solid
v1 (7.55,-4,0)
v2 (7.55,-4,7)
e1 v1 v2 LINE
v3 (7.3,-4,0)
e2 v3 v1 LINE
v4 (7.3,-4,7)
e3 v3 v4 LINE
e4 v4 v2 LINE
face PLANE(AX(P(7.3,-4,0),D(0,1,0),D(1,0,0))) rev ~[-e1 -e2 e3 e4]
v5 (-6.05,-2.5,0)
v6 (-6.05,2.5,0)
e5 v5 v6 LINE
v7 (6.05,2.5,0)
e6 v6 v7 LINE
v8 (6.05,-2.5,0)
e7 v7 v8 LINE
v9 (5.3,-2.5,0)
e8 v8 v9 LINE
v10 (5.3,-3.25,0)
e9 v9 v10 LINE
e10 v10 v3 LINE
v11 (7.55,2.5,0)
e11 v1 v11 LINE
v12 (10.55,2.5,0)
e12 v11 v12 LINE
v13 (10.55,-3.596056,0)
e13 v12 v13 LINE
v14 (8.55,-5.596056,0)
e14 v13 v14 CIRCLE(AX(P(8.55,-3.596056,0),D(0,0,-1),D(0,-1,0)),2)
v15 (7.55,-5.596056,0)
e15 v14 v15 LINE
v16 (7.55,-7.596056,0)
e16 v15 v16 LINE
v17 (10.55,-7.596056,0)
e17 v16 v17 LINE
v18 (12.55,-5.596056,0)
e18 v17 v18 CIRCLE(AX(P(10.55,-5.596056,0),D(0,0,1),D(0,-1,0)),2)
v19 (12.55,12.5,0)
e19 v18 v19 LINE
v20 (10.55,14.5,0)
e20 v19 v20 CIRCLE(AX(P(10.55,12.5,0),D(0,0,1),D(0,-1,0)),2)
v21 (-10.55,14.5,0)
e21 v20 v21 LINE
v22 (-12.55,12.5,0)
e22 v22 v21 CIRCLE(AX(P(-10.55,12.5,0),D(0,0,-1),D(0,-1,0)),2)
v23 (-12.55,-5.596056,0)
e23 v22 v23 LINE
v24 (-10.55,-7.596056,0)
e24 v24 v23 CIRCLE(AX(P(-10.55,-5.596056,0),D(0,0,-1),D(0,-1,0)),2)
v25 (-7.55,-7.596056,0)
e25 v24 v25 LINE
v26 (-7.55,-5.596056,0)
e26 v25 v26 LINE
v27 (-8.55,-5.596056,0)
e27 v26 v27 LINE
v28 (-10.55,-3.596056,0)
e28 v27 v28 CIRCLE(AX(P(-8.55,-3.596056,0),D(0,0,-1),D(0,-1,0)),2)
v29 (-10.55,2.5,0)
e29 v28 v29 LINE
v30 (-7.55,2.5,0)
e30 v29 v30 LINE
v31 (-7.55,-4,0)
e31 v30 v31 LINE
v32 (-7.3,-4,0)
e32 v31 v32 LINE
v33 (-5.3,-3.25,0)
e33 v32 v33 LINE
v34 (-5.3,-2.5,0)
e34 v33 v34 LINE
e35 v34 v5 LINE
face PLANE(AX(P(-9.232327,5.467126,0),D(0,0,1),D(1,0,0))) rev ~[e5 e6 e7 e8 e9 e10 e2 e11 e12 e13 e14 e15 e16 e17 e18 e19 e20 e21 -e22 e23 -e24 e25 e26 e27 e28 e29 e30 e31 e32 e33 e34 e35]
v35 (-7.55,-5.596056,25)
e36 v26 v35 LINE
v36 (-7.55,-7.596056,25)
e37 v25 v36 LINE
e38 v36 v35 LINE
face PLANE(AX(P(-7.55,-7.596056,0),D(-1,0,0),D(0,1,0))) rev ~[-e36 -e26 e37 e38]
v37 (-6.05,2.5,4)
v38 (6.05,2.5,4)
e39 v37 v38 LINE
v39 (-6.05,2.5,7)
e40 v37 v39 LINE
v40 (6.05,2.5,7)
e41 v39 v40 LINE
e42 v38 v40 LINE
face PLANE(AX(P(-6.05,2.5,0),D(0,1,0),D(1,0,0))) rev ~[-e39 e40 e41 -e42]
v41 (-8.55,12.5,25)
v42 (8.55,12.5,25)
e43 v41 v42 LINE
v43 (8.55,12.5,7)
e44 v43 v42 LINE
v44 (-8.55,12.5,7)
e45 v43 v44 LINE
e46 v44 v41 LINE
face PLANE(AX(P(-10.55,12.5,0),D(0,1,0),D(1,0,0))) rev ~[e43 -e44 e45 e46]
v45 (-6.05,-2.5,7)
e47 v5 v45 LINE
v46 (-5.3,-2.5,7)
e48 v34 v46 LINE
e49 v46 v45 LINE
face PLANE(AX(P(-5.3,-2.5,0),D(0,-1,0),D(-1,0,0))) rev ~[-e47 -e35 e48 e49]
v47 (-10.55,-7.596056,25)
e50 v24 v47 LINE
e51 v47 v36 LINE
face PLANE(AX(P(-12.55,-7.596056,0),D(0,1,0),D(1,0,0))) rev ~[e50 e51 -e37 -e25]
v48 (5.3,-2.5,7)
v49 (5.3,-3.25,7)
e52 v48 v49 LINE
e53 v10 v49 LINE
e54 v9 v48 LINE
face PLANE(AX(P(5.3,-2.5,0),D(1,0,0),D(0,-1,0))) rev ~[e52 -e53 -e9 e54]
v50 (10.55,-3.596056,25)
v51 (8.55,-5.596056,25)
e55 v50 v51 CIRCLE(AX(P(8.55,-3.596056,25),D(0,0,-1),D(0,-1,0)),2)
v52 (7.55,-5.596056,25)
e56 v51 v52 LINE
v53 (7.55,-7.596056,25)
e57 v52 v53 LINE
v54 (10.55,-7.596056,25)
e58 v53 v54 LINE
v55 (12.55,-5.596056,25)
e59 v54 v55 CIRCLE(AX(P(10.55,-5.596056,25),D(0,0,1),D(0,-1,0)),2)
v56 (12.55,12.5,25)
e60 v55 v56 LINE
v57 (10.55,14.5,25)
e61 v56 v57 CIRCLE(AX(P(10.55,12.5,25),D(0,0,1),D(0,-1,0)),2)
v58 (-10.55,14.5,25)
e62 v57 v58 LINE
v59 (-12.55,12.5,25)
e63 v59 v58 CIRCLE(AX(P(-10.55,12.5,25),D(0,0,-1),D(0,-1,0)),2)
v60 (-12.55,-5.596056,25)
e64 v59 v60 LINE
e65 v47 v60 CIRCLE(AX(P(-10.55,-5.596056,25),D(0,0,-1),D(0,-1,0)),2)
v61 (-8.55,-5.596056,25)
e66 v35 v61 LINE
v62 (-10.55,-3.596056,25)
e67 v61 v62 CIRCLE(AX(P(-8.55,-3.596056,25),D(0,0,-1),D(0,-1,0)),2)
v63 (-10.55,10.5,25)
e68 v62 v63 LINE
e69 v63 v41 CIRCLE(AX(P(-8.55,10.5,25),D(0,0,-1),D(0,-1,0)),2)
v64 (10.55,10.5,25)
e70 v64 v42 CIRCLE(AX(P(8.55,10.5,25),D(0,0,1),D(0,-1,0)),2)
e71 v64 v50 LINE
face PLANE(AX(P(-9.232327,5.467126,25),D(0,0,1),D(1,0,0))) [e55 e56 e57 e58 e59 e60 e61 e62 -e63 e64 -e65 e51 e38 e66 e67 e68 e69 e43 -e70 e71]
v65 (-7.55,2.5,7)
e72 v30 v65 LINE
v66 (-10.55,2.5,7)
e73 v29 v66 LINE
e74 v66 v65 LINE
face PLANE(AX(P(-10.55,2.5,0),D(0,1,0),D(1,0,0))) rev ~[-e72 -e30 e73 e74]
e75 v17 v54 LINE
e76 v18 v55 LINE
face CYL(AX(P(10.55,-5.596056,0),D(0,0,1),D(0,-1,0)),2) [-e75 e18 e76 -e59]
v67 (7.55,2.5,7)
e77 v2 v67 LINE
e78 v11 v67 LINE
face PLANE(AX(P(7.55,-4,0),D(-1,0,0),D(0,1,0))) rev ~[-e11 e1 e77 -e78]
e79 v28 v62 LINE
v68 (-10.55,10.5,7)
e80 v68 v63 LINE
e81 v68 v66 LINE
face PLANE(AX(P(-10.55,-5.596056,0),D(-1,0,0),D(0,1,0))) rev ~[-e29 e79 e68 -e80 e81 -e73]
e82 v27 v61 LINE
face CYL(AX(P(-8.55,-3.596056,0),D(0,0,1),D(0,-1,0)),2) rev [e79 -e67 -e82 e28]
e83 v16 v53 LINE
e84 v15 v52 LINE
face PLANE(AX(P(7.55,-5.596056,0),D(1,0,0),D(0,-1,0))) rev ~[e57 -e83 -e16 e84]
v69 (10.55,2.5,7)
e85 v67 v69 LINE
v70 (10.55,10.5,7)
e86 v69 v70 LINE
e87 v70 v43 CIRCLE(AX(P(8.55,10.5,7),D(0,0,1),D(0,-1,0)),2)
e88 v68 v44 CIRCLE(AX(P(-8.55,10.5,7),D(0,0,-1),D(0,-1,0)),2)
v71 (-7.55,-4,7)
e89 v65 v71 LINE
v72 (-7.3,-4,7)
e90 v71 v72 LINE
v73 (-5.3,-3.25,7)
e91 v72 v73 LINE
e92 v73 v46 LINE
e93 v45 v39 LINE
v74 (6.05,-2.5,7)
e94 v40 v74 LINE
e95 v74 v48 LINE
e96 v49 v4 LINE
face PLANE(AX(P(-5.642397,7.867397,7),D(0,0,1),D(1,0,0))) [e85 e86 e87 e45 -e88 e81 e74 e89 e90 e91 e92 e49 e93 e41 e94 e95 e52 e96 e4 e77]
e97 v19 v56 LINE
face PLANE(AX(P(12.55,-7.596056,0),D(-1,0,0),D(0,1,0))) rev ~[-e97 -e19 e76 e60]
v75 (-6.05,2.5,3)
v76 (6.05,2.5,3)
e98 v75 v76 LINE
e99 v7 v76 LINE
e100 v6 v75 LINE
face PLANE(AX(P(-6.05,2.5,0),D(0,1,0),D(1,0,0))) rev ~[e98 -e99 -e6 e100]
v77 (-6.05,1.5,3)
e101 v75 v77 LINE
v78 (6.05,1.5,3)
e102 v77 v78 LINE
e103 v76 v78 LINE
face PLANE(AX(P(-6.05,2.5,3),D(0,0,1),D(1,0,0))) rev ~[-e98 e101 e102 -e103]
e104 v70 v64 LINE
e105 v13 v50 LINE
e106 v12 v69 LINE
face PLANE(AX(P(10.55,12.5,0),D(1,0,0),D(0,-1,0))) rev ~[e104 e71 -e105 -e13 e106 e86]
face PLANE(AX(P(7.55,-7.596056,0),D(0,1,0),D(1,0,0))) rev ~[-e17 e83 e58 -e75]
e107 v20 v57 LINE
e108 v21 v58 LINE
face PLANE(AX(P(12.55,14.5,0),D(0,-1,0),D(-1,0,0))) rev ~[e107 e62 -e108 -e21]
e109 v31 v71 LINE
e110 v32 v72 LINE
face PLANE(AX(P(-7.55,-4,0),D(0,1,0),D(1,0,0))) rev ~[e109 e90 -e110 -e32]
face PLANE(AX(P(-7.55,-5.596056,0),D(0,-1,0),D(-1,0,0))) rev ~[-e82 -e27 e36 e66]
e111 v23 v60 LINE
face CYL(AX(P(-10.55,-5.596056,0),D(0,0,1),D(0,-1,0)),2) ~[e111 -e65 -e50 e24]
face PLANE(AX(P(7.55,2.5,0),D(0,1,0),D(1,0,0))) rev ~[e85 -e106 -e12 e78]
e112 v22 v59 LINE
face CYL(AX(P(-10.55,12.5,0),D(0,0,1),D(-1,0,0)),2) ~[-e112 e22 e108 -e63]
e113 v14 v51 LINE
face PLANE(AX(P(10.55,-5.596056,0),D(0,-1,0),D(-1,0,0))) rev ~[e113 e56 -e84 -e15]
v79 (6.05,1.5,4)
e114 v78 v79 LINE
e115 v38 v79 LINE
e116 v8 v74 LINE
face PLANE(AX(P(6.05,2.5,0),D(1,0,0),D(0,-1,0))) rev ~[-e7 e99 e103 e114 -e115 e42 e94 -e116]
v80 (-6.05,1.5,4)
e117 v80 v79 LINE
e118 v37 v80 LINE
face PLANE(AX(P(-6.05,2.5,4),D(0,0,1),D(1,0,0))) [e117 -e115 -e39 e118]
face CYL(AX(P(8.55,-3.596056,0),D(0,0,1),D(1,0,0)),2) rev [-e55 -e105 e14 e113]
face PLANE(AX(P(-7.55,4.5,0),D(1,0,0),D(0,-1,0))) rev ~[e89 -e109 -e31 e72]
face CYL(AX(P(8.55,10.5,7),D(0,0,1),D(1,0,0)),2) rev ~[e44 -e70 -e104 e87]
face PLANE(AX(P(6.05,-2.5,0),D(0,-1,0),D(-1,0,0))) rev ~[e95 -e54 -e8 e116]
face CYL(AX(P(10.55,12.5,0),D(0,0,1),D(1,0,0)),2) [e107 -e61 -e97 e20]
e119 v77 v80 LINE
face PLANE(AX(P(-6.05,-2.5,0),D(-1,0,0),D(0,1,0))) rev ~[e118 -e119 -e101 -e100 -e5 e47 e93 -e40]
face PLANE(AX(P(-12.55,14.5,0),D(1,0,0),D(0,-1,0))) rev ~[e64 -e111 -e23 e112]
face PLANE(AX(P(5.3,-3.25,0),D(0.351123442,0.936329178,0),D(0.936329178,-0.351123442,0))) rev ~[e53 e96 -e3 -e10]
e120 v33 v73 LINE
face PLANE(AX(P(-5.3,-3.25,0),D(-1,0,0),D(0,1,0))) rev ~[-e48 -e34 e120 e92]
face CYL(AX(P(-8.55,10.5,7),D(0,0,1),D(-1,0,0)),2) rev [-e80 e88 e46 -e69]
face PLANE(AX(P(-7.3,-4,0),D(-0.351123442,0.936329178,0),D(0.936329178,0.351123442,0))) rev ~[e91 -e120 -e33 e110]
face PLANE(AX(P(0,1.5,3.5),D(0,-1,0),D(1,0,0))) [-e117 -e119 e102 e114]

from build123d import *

# Parameters (mm, degrees)
F2_DEPTH = 7
F3_W     = 12.1
F3_H     = 1
F4_DEPTH = 1
F6_DEPTH = 7
F7_DEPTH = 25
F8_R     = 2


with BuildPart() as f2:
    # F1 (on face) → F2 (new body)
    with BuildSketch(Plane.XY):
        Polygon((-6.05, 2.5), (0, 2.5), (0, 4.5), (-7.55, 4.5), (-7.55, -4), (-7.3, -4), (-5.3, -3.25), (-5.3, -2.5), (-6.05, -2.5), align=None)
        Polygon((0, 4.5), (0, 2.5), (6.05, 2.5), (6.05, -2.5), (5.3, -2.5), (5.3, -3.25), (7.3, -4), (7.55, -4), (7.55, 4.5), align=None)
    extrude(amount=F2_DEPTH)

    # F3 (on face) → F4 (join)
    with BuildSketch(Plane.XZ.offset(-2.5)):
        with Locations((0, 3.5)):
            Rectangle(F3_W, F3_H)
    extrude(amount=F4_DEPTH)

    # F5 (on Top) → F6 (join)
    with BuildSketch(Plane.XY):
        Polygon((-10.55, 2.5), (-7.55, 2.5), (-7.55, 4.5), (0, 4.5), (0, 12.5), (-10.55, 12.5), align=None)
        Polygon((0, 12.5), (0, 4.5), (7.55, 4.5), (7.55, 2.5), (10.55, 2.5), (10.55, 12.5), align=None)
    extrude(amount=F6_DEPTH)

    # F5 (on Top) → F7 (join)
    with BuildSketch(Plane.XY):
        Polygon((-7.55, -7.5960563503), (-7.55, -5.5960563503), (-10.55, -5.5960563503), (-10.55, 2.5), (-10.55, 12.5), (0, 12.5), (0, 14.5), (-12.55, 14.5), (-12.55, -7.5960563503), align=None)
        Polygon((0, 14.5), (0, 12.5), (10.55, 12.5), (10.55, 2.5), (10.55, -5.5960563503), (7.55, -5.5960563503), (7.55, -7.5960563503), (12.55, -7.5960563503), (12.55, 14.5), align=None)
    extrude(amount=F7_DEPTH)

    # F8
    f8_edges = [f2.edges().sort_by_distance(p)[0] for p in [
        (12.55, -7.596056, 12.5),
        (10.55, -5.596056, 12.5),
        (-12.55, -7.596056, 12.5),
        (-12.55, 14.5, 12.5),
        (12.55, 14.5, 12.5),
        (-10.55, -5.596056, 12.5),
        (-10.55, 12.5, 16),
        (10.55, 12.5, 16),
    ]]
    fillet(f8_edges, radius=F8_R)


solid = f2.part
